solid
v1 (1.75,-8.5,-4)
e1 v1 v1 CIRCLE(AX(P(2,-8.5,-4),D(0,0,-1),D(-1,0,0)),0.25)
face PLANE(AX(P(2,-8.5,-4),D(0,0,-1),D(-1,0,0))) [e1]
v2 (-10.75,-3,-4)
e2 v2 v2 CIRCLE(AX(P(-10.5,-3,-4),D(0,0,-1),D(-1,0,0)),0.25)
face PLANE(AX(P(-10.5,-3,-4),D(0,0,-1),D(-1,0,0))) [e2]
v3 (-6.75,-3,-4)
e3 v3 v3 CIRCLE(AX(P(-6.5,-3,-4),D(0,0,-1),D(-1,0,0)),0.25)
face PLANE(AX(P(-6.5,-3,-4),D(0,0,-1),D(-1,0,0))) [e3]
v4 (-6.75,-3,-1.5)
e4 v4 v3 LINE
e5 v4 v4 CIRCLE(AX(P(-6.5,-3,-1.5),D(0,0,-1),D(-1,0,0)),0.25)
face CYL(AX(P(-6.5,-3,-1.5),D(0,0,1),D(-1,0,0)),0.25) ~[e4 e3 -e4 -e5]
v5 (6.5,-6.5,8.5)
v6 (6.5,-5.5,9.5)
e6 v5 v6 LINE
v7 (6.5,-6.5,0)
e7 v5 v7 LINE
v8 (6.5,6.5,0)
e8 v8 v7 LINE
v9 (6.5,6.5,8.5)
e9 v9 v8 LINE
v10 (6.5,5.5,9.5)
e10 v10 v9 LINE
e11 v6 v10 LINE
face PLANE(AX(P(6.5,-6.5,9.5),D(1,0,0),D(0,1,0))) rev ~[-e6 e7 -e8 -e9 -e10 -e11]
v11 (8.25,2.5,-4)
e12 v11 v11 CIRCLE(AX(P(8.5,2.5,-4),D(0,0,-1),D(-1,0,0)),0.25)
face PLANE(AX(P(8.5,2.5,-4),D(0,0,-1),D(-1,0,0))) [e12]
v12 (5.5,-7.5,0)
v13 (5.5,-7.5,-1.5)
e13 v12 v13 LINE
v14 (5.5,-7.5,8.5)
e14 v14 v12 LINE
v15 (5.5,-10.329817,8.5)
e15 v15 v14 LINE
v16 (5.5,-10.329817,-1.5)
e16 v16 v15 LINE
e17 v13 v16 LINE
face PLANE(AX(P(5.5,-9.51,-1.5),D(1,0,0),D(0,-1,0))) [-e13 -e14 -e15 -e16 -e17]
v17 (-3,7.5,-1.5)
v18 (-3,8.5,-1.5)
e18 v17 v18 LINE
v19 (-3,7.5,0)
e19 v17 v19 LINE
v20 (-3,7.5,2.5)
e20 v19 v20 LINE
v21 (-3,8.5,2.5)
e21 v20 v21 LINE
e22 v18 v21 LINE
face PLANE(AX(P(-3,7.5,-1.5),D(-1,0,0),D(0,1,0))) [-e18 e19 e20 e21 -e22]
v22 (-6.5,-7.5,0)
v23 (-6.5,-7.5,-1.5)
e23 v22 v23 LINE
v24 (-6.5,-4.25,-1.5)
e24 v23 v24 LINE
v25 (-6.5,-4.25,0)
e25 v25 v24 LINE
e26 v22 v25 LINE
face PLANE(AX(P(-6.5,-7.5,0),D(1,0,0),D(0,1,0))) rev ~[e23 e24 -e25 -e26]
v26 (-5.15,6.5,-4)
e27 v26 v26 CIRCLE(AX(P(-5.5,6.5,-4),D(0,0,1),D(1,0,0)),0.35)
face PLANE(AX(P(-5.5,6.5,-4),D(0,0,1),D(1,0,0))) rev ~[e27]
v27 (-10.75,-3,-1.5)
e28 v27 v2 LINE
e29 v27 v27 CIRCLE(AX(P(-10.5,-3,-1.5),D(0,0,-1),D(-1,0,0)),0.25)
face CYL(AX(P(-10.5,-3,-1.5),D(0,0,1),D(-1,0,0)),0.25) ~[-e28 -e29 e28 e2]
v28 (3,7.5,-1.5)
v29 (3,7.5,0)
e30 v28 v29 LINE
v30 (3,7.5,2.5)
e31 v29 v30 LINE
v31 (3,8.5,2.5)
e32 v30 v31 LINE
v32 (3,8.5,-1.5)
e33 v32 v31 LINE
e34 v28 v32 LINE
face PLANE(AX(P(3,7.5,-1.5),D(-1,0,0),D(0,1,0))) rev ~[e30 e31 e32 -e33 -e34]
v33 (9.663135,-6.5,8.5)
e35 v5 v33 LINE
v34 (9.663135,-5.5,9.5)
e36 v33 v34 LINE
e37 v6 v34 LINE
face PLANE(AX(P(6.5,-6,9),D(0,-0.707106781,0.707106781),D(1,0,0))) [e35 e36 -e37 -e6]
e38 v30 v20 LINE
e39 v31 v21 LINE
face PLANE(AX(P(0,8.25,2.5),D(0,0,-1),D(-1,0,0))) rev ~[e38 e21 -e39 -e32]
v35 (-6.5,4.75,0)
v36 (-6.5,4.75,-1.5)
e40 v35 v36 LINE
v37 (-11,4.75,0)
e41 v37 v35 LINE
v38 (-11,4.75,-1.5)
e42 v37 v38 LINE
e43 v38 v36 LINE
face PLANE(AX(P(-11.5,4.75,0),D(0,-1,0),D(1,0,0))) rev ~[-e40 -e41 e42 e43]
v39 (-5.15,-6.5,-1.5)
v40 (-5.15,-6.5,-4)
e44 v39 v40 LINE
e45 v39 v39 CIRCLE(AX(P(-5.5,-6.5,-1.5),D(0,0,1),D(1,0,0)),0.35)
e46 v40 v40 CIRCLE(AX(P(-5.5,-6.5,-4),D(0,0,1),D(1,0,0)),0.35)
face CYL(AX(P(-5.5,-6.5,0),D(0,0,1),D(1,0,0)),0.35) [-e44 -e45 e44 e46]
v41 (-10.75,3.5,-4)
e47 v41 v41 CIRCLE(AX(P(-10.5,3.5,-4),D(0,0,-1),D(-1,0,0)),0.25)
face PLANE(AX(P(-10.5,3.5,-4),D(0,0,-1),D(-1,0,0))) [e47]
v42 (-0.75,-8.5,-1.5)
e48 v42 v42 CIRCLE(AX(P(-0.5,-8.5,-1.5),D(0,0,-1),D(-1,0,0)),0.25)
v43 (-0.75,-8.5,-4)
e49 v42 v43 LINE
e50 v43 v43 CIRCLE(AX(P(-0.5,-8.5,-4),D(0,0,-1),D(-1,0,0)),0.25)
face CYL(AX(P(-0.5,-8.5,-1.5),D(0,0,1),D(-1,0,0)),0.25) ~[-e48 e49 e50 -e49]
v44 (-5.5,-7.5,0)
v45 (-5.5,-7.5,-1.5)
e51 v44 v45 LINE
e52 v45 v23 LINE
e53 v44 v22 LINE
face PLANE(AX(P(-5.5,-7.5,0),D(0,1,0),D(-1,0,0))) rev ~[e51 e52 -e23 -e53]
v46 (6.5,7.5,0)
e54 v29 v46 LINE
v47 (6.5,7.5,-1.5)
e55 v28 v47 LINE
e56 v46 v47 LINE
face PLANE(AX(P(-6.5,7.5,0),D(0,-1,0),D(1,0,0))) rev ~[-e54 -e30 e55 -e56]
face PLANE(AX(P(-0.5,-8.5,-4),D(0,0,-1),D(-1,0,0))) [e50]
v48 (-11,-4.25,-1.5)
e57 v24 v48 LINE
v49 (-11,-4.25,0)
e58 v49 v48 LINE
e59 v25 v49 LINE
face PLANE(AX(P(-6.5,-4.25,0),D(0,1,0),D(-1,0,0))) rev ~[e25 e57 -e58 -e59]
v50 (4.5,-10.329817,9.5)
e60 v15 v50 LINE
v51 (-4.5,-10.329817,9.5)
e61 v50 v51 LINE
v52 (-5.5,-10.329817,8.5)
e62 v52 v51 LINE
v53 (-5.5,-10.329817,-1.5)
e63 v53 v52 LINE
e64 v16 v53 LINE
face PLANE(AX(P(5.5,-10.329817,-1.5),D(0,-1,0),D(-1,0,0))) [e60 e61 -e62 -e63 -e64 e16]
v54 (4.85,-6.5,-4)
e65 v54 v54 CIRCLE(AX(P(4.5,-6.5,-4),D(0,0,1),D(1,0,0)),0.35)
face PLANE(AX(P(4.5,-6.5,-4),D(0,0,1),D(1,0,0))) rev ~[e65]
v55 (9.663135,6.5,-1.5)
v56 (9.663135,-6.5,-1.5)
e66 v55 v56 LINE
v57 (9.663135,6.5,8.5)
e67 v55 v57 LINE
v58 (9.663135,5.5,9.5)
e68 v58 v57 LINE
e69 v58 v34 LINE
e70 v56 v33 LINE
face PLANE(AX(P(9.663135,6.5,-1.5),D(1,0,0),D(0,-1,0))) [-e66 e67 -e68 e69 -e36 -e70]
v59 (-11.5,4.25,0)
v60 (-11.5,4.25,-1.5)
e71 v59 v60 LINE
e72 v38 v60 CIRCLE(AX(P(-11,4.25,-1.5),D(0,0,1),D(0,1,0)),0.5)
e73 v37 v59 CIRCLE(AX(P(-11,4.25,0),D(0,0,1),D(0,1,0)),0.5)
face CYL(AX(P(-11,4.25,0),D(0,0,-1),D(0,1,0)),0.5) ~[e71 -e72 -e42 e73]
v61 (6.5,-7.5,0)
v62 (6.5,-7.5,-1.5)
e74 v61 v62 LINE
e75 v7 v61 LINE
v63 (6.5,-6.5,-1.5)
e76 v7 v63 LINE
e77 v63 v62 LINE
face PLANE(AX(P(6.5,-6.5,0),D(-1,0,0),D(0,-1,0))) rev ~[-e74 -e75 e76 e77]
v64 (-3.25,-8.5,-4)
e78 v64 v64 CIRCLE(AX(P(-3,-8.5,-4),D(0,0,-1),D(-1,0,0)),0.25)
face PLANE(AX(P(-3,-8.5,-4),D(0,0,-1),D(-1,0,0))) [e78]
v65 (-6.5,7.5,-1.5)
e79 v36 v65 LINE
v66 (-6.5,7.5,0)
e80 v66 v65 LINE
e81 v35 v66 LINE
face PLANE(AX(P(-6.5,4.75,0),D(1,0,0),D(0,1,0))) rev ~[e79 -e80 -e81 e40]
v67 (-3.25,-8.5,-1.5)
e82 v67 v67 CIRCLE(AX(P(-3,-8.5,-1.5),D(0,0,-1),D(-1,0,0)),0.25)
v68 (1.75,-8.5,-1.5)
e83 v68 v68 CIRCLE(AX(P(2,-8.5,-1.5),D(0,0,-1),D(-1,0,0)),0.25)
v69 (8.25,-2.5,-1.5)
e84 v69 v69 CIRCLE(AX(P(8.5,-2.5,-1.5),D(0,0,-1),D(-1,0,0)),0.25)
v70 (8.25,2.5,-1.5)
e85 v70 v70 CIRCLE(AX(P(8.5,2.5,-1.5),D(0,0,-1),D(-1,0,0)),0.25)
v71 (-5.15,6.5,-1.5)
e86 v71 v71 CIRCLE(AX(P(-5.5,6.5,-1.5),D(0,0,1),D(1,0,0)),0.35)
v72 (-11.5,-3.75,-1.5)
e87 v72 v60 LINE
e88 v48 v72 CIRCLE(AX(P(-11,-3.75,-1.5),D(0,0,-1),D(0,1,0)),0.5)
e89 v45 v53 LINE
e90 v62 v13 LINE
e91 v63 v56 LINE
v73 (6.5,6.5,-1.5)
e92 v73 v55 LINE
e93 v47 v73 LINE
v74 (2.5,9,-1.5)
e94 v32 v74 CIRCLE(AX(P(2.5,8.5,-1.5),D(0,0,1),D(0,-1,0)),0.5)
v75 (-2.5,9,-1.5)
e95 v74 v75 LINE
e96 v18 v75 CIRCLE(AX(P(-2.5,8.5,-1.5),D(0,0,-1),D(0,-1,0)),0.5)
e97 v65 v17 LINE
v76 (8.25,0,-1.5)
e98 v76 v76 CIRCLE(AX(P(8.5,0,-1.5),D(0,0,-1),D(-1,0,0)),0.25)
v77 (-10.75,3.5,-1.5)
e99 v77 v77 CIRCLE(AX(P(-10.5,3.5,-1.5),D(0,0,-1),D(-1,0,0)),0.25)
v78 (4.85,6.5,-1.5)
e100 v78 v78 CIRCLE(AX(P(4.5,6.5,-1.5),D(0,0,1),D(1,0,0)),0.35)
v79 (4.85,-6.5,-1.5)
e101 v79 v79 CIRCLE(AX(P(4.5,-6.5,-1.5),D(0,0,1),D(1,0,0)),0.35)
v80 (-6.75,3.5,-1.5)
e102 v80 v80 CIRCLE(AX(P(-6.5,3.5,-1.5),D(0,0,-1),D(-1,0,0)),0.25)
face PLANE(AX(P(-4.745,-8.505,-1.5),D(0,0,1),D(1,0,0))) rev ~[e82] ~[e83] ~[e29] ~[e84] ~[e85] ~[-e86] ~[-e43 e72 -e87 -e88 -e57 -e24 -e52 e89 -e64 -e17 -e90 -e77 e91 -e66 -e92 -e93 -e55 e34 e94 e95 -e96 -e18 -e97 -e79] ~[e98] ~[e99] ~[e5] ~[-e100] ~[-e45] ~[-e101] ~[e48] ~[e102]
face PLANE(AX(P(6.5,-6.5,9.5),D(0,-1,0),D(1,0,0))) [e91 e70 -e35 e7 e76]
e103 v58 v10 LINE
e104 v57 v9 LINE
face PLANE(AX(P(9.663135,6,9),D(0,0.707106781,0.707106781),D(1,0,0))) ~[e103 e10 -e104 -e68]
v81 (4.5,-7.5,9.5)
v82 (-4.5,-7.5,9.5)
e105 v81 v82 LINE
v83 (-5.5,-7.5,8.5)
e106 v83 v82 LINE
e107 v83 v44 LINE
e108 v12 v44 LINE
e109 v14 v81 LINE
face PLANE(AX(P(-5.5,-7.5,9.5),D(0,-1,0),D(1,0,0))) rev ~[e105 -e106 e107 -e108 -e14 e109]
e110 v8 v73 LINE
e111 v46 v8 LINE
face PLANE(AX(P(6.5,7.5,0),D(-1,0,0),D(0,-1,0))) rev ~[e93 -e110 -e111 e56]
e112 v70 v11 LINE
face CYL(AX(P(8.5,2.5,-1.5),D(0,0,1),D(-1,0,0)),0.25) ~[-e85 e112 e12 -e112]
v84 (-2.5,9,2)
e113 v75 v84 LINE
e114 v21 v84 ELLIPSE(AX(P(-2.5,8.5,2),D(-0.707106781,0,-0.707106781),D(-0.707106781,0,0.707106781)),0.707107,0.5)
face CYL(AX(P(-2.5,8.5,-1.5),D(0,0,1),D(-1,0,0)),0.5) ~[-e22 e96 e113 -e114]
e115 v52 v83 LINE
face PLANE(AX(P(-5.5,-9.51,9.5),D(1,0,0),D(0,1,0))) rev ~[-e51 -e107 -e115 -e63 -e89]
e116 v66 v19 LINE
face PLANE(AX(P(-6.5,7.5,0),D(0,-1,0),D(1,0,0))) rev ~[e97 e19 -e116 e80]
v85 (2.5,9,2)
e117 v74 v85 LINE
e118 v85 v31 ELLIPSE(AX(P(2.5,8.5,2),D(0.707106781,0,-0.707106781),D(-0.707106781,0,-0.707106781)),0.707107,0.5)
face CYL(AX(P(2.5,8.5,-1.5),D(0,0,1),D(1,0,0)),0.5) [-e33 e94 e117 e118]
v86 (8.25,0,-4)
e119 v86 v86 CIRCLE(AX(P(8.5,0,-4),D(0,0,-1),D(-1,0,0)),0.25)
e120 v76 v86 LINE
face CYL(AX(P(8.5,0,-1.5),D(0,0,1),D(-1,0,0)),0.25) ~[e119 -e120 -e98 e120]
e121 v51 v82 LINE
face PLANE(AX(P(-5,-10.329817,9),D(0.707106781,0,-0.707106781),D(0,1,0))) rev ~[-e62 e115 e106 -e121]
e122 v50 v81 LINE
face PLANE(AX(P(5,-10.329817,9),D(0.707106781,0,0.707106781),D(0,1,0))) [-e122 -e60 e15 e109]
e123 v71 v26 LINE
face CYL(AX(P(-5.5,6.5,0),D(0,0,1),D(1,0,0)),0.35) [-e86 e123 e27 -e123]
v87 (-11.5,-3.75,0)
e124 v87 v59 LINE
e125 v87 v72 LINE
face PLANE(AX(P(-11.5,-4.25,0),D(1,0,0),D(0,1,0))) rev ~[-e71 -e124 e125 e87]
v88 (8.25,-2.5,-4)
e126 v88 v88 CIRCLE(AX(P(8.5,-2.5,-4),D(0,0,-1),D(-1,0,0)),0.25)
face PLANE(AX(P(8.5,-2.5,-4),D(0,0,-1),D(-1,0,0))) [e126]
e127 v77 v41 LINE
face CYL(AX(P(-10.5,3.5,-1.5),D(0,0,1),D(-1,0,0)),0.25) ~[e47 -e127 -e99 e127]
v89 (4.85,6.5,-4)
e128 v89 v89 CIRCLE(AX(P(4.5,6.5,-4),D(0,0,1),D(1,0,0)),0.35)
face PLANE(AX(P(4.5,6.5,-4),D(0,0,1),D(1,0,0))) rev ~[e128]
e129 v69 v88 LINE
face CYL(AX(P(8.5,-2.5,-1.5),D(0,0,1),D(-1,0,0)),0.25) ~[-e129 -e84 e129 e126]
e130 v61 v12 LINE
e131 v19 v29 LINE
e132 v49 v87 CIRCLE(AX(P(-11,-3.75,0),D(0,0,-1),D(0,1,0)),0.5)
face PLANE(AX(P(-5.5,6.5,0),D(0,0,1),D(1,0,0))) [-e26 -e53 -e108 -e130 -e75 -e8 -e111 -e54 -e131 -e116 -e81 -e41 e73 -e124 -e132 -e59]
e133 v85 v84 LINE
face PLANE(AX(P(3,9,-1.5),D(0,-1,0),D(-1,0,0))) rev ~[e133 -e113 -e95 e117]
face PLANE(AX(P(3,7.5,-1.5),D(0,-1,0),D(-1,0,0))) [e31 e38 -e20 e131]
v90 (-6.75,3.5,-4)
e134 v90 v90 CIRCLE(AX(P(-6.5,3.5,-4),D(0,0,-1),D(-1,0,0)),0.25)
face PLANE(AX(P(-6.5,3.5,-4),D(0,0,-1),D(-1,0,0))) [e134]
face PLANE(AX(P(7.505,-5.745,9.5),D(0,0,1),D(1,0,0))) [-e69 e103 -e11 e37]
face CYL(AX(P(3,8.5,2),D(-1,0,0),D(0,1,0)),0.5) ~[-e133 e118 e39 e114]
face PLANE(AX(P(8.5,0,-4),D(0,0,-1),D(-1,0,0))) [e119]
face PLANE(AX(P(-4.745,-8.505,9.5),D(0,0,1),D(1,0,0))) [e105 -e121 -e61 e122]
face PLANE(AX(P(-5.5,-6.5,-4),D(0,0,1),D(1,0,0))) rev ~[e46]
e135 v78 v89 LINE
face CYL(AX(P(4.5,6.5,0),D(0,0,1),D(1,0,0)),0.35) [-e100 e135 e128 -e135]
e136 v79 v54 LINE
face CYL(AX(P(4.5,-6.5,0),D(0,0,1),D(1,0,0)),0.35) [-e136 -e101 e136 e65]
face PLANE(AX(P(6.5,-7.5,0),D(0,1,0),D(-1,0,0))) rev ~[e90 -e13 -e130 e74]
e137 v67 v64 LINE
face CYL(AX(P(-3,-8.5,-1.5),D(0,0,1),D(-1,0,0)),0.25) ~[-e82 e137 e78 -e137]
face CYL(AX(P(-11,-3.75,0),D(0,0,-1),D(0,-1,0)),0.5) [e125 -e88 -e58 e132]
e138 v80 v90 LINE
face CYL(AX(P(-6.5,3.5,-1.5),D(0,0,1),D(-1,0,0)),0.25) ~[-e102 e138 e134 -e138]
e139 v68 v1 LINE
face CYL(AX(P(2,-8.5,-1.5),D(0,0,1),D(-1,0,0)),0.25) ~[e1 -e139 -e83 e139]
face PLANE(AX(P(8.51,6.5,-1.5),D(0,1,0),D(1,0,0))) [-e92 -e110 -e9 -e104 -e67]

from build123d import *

# Parameters (mm, degrees)
RESSALTO_EXTRUS_O4_DEPTH  = 1.5
ESBO_O5_W                 = 6
ESBO_O5_H                 = 1.5
RESSALTO_EXTRUS_O6_DEPTH  = 4
RESSALTO_EXTRUS_O7_DEPTH  = 11
ESBO_O8_W                 = 2.01
ESBO_O8_H                 = 1.51
RESSALTO_EXTRUS_O15_DEPTH = 11
ESBO_O9_W                 = 1.51
ESBO_O9_H                 = 2.01
RESSALTO_EXTRUS_O16_DEPTH = 11
ESBO_O10_R                = 0.25
RESSALTO_EXTRUS_O17_DEPTH = 2.5
ESBO_O11_R                = 0.35
RESSALTO_EXTRUS_O18_DEPTH = 4
ESBO_O12_R                = 0.25
RESSALTO_EXTRUS_O19_DEPTH = 2.5
CHANFRO1_SIZE             = 1
FILETE2_R                 = 0.5


with BuildPart() as part:
    # Esboço3 → Ressalto-extrusão4 (new body)
    with BuildSketch(Plane(origin=(0, 0, 0), x_dir=(-1, 0, 0), z_dir=(0, 0, -1))):
        Polygon((11.5, 4.75), (6.5, 4.75), (6.5, 7.5), (-6.5, 7.5), (-6.5, 6.5), (-8.5, 6.5), (-8.5, 5), (-6.5, 5), (-6.5, -5), (-8.5, -5), (-8.5, -6.5), (-6.5, -6.5), (-6.5, -7.5), (-5.5, -7.5), (-5.5, -9.5), (-4, -9.5), (-4, -7.5), (4, -7.5), (4, -9.5), (5.5, -9.5), (5.5, -7.5), (6.5, -7.5), (6.5, -4.25), (11.5, -4.25), align=None)
    extrude(amount=RESSALTO_EXTRUS_O4_DEPTH)

    # Esboço5 → Ressalto-extrusão6 (add)
    with BuildSketch(Plane(origin=(0, 0, -1.5), x_dir=(-1, 0, 0), z_dir=(0, 0, -1))):
        with Locations((0, 8.25)):
            Rectangle(ESBO_O5_W, ESBO_O5_H)
    extrude(amount=-RESSALTO_EXTRUS_O6_DEPTH)

    # Esboço6 → Ressalto-extrusão7 (add)
    with BuildSketch(Plane(origin=(0, 0, -1.5), x_dir=(-1, 0, 0), z_dir=(0, 0, -1))):
        Polygon((-6.5, 4.99), (-8.51, 4.99), (-8.51, 6.5), (-9.663134603, 6.5), (-9.663134603, -6.5), (-8.51, -6.5), (-8.51, -4.99), (-6.5, -4.99), align=None)
        Polygon((-3.99, -7.5), (-3.99, -9.51), (-5.5, -9.51), (-5.5, -10.329816926), (5.5, -10.329816926), (5.5, -9.51), (3.99, -9.51), (3.99, -7.5), align=None)
    extrude(amount=-RESSALTO_EXTRUS_O7_DEPTH)

    # Esboço8 → Ressalto-extrusão15 (add)
    with BuildSketch(Plane.XY.offset(9.5)):
        with Locations((7.505, -5.745)):
            Rectangle(ESBO_O8_W, ESBO_O8_H)
        with Locations((7.505, 5.745)):
            Rectangle(ESBO_O8_W, ESBO_O8_H)
    extrude(amount=-RESSALTO_EXTRUS_O15_DEPTH)

    # Esboço9 → Ressalto-extrusão16 (add)
    with BuildSketch(Plane.XY.offset(9.5)):
        with Locations((-4.745, -8.505)):
            Rectangle(ESBO_O9_W, ESBO_O9_H)
        with Locations((4.745, -8.505)):
            Rectangle(ESBO_O9_W, ESBO_O9_H)
    extrude(amount=-RESSALTO_EXTRUS_O16_DEPTH)

    # Esboço10 → Ressalto-extrusão17 (add)
    with BuildSketch(Plane(origin=(0, 0, -1.5), x_dir=(-1, 0, 0), z_dir=(0, 0, -1))):
        with Locations((10.5, 3.5)):
            Circle(ESBO_O10_R)
        with Locations((6.5, 3.5)):
            Circle(ESBO_O10_R)
        with Locations((10.5, -3)):
            Circle(ESBO_O10_R)
        with Locations((6.5, -3)):
            Circle(ESBO_O10_R)
    extrude(amount=RESSALTO_EXTRUS_O17_DEPTH)

    # Esboço11 → Ressalto-extrusão18 (add)
    with BuildSketch(Plane.XY):
        with Locations((-5.5, 6.5)):
            Circle(ESBO_O11_R)
        with Locations((4.5, 6.5)):
            Circle(ESBO_O11_R)
        with Locations((4.5, -6.5)):
            Circle(ESBO_O11_R)
        with Locations((-5.5, -6.5)):
            Circle(ESBO_O11_R)
    extrude(amount=-RESSALTO_EXTRUS_O18_DEPTH)

    # Esboço12 → Ressalto-extrusão19 (add)
    with BuildSketch(Plane(origin=(0, 0, -1.5), x_dir=(-1, 0, 0), z_dir=(0, 0, -1))):
        with Locations((3, -8.5)):
            Circle(ESBO_O12_R)
        with Locations((0.5, -8.5)):
            Circle(ESBO_O12_R)
        with Locations((-2, -8.5)):
            Circle(ESBO_O12_R)
        with Locations((-8.5, -2.5)):
            Circle(ESBO_O12_R)
        with Locations((-8.5, 0)):
            Circle(ESBO_O12_R)
        with Locations((-8.5, 2.5)):
            Circle(ESBO_O12_R)
    extrude(amount=RESSALTO_EXTRUS_O19_DEPTH)

    # Chanfro1
    chanfro1_edges = [part.edges().sort_by_distance(p)[0] for p in [
        (-5.5, -8.914908463, 9.5),
        (5.5, -8.914908463, 9.5),
        (8.081567302, -6.5, 9.5),
        (8.081567302, 6.5, 9.5),
    ]]
    chamfer(chanfro1_edges, length=CHANFRO1_SIZE)

    # Filete2
    filete2_edges = [part.edges().sort_by_distance(p)[0] for p in [
        (-11.5, 4.75, -0.75),
        (-11.5, -4.25, -0.75),
        (-3, 9, 0.5),
        (0, 9, 2.5),
        (3, 9, 0.5),
    ]]
    fillet(filete2_edges, radius=FILETE2_R)


solid = part.part
